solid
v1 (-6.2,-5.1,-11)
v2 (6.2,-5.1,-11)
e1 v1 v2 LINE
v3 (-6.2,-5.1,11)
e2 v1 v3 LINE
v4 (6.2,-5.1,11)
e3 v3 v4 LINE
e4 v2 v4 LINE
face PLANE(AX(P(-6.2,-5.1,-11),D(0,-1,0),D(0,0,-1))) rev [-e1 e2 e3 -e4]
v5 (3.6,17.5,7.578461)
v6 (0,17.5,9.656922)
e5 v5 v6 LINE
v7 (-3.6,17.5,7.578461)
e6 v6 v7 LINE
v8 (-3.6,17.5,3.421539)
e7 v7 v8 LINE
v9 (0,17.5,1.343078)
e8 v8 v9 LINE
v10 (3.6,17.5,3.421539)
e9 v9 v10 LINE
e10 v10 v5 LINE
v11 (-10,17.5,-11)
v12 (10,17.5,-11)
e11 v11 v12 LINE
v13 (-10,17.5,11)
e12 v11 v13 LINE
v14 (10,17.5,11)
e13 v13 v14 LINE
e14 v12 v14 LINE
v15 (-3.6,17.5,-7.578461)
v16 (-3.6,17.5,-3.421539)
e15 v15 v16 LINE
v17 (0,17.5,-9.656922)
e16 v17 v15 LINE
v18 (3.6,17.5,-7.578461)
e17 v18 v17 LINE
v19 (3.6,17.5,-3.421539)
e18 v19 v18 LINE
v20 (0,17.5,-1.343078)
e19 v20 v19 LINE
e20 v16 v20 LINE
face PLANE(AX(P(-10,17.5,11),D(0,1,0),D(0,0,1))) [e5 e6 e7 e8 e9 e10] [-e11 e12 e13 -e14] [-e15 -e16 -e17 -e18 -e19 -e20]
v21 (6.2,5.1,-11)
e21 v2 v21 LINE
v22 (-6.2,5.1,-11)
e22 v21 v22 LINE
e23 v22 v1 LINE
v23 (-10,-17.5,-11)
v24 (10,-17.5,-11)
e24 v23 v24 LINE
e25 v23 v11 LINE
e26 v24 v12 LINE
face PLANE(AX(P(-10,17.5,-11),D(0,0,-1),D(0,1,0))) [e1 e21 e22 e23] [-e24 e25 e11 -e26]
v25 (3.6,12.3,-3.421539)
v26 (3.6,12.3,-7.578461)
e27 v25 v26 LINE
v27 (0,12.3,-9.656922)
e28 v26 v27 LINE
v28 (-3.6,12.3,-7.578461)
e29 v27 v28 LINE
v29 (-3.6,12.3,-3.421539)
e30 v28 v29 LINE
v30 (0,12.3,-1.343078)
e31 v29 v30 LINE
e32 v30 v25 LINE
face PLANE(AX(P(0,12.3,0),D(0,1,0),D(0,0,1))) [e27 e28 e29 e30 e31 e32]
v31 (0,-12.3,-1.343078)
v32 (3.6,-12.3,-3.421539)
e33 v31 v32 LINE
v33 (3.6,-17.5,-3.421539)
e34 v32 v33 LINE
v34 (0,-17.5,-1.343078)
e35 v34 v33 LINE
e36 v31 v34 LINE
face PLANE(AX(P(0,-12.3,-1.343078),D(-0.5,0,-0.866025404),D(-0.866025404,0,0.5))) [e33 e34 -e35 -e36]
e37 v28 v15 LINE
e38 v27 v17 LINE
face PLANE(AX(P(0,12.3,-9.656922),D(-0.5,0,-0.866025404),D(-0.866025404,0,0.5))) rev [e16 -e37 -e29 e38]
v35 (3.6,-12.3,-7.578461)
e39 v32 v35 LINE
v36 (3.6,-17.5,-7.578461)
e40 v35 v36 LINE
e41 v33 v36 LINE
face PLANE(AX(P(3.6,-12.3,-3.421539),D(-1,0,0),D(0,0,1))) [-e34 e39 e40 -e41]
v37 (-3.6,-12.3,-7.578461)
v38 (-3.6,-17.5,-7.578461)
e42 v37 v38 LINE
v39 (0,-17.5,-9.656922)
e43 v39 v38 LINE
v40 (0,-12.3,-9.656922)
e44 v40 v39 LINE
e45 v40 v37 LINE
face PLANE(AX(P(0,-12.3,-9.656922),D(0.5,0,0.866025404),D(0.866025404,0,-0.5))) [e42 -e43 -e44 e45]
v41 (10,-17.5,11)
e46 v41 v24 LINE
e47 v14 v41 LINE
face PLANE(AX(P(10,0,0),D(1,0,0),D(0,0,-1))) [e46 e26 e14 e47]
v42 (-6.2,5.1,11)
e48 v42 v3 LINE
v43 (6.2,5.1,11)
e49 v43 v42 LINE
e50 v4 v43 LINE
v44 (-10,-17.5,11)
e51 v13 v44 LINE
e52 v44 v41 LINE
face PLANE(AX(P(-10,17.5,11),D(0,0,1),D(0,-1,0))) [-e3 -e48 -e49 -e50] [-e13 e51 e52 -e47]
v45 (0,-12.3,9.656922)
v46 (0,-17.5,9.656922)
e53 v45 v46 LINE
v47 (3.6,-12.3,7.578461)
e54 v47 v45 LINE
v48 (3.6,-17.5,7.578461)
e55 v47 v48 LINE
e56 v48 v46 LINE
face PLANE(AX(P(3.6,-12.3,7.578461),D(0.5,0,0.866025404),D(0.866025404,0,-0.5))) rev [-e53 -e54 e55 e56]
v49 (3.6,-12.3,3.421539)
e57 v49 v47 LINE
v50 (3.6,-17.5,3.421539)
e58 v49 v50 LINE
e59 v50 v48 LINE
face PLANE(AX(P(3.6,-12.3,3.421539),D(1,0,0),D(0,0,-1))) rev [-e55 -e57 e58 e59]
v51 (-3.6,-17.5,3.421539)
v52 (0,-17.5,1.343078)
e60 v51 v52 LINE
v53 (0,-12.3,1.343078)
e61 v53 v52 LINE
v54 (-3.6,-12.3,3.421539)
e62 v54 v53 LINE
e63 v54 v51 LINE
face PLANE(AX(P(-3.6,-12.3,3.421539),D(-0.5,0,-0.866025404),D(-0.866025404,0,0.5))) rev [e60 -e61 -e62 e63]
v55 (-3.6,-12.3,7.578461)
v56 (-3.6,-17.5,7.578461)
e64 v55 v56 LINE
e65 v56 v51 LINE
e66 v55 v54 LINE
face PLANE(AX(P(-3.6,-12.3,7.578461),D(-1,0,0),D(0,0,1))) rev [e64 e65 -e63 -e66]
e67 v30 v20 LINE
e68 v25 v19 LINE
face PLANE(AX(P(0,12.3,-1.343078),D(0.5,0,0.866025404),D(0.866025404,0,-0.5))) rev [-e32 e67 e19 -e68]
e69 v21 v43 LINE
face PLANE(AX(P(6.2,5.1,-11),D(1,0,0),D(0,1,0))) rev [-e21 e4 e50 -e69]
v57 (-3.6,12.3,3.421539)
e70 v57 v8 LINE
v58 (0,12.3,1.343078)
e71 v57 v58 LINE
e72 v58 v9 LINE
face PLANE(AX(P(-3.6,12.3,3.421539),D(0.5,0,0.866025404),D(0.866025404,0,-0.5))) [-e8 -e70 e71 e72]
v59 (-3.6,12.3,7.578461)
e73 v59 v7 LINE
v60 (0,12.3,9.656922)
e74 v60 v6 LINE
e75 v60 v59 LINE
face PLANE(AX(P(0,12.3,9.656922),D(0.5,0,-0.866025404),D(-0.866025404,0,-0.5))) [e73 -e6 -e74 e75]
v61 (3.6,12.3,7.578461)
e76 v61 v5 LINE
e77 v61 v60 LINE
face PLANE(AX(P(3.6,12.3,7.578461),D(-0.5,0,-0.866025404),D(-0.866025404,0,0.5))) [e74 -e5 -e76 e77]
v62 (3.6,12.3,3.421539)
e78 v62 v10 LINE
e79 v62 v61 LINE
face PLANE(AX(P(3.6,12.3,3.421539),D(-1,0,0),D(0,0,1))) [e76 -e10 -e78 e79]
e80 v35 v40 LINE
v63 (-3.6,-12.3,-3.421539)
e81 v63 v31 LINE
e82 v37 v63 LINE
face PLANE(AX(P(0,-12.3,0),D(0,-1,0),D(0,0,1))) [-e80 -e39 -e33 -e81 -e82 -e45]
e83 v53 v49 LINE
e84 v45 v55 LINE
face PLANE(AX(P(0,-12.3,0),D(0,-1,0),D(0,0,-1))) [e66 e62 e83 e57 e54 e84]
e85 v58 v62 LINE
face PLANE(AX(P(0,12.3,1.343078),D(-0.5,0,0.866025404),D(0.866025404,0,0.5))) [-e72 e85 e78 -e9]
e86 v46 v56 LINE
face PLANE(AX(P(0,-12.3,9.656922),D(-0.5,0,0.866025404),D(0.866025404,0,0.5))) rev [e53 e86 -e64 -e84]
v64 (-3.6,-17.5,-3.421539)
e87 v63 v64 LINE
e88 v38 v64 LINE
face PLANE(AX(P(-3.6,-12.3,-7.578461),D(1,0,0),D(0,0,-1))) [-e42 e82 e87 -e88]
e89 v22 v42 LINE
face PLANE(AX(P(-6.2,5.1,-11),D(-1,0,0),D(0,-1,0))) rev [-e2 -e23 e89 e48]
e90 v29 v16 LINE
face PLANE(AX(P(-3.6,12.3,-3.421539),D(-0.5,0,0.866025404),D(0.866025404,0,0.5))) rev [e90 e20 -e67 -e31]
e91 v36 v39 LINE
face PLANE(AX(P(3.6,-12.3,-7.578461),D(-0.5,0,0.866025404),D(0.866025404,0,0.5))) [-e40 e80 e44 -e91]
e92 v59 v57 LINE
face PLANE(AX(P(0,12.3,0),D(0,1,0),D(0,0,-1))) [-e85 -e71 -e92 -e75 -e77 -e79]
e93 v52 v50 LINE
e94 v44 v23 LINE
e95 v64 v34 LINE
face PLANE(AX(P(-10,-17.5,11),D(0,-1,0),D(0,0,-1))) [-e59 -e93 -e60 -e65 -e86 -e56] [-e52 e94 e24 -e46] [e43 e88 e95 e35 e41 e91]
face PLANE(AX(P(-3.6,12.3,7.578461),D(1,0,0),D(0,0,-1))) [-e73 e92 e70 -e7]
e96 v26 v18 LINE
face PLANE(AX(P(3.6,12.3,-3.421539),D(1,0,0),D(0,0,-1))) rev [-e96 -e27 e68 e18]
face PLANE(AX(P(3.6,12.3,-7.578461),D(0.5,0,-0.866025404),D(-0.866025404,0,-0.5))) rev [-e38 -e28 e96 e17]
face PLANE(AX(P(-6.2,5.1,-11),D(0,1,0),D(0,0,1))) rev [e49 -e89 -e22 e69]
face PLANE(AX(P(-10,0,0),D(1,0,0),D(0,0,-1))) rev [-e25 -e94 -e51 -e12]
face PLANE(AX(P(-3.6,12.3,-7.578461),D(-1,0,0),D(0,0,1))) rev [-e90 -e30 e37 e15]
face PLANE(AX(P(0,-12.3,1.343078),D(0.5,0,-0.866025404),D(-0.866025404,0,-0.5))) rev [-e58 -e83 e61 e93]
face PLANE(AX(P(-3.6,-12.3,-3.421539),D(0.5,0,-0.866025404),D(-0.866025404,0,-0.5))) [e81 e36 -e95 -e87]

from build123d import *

# Parameters (mm, degrees)
BOSS_EXTRUDE1_DEPTH                      = 10
BOSS_EXTRUDE1_DEPTH_BACK                 = 10
SKETCH1_W                                = 22
SKETCH1_H                                = 35
CUT_EXTRUDE1_DEPTH                       = 30.837057496
CUT_EXTRUDE1_DEPTH_BACK                  = 30.837057496
SKETCH2_W                                = 12.4
SKETCH2_H                                = 10.2
CUT_EXTRUDE2_DEPTH                       = 5.2
MIRROR1_AT_THE_SECOND_PLANE_COPY_1_DEPTH = 5.2


with BuildPart() as part:
    # Sketch1 → Boss-Extrude1 (new, two sides: drawn at the far end of the back side and taken through both)
    with BuildSketch(Plane(origin=(0, 0, 0), x_dir=(0, 0, -1), z_dir=(1, 0, 0)).offset(-BOSS_EXTRUDE1_DEPTH_BACK)):
        Rectangle(SKETCH1_W, SKETCH1_H)
    extrude(amount=BOSS_EXTRUDE1_DEPTH + BOSS_EXTRUDE1_DEPTH_BACK)

    # Sketch2 → Cut-Extrude1 (cut, two sides: drawn at the far end of the back side and taken through both)
    with BuildSketch(Plane.XY.offset(11).offset(-CUT_EXTRUDE1_DEPTH_BACK)):
        Rectangle(SKETCH2_W, SKETCH2_H)
    extrude(amount=CUT_EXTRUDE1_DEPTH + CUT_EXTRUDE1_DEPTH_BACK, mode=Mode.SUBTRACT)

    # Sketch3 → Cut-Extrude2 (cut)
    with BuildSketch(Plane(origin=(0, 17.5, 0), x_dir=(1, 0, 0), z_dir=(0, 1, 0))):
        Polygon((3.6, 7.578460969), (0, 9.656921938), (-3.6, 7.578460969), (-3.6, 3.421539031), (0, 1.343078062), (3.6, 3.421539031), align=None)
    cut_extrude2 = extrude(amount=-CUT_EXTRUDE2_DEPTH, mode=Mode.SUBTRACT)

    # Mirror1: Cut-Extrude2 across plane
    add(cut_extrude2.mirror(Plane.ZX), mode=Mode.SUBTRACT)

    # Mirror1 at the second plane: Cut-Extrude2 across plane
    add(cut_extrude2.mirror(Plane.XY), mode=Mode.SUBTRACT)

    # Mirror1 at the second plane copy 1 sketc → Mirror1 at the second plane copy 1 (cut)
    with BuildSketch(Plane.XZ.offset(17.5)):
        Polygon((3.6, 7.578460969), (0, 9.656921938), (-3.6, 7.578460969), (-3.6, 3.421539031), (0, 1.343078062), (3.6, 3.421539031), align=None)
    extrude(amount=-MIRROR1_AT_THE_SECOND_PLANE_COPY_1_DEPTH, mode=Mode.SUBTRACT)


solid = part.part
